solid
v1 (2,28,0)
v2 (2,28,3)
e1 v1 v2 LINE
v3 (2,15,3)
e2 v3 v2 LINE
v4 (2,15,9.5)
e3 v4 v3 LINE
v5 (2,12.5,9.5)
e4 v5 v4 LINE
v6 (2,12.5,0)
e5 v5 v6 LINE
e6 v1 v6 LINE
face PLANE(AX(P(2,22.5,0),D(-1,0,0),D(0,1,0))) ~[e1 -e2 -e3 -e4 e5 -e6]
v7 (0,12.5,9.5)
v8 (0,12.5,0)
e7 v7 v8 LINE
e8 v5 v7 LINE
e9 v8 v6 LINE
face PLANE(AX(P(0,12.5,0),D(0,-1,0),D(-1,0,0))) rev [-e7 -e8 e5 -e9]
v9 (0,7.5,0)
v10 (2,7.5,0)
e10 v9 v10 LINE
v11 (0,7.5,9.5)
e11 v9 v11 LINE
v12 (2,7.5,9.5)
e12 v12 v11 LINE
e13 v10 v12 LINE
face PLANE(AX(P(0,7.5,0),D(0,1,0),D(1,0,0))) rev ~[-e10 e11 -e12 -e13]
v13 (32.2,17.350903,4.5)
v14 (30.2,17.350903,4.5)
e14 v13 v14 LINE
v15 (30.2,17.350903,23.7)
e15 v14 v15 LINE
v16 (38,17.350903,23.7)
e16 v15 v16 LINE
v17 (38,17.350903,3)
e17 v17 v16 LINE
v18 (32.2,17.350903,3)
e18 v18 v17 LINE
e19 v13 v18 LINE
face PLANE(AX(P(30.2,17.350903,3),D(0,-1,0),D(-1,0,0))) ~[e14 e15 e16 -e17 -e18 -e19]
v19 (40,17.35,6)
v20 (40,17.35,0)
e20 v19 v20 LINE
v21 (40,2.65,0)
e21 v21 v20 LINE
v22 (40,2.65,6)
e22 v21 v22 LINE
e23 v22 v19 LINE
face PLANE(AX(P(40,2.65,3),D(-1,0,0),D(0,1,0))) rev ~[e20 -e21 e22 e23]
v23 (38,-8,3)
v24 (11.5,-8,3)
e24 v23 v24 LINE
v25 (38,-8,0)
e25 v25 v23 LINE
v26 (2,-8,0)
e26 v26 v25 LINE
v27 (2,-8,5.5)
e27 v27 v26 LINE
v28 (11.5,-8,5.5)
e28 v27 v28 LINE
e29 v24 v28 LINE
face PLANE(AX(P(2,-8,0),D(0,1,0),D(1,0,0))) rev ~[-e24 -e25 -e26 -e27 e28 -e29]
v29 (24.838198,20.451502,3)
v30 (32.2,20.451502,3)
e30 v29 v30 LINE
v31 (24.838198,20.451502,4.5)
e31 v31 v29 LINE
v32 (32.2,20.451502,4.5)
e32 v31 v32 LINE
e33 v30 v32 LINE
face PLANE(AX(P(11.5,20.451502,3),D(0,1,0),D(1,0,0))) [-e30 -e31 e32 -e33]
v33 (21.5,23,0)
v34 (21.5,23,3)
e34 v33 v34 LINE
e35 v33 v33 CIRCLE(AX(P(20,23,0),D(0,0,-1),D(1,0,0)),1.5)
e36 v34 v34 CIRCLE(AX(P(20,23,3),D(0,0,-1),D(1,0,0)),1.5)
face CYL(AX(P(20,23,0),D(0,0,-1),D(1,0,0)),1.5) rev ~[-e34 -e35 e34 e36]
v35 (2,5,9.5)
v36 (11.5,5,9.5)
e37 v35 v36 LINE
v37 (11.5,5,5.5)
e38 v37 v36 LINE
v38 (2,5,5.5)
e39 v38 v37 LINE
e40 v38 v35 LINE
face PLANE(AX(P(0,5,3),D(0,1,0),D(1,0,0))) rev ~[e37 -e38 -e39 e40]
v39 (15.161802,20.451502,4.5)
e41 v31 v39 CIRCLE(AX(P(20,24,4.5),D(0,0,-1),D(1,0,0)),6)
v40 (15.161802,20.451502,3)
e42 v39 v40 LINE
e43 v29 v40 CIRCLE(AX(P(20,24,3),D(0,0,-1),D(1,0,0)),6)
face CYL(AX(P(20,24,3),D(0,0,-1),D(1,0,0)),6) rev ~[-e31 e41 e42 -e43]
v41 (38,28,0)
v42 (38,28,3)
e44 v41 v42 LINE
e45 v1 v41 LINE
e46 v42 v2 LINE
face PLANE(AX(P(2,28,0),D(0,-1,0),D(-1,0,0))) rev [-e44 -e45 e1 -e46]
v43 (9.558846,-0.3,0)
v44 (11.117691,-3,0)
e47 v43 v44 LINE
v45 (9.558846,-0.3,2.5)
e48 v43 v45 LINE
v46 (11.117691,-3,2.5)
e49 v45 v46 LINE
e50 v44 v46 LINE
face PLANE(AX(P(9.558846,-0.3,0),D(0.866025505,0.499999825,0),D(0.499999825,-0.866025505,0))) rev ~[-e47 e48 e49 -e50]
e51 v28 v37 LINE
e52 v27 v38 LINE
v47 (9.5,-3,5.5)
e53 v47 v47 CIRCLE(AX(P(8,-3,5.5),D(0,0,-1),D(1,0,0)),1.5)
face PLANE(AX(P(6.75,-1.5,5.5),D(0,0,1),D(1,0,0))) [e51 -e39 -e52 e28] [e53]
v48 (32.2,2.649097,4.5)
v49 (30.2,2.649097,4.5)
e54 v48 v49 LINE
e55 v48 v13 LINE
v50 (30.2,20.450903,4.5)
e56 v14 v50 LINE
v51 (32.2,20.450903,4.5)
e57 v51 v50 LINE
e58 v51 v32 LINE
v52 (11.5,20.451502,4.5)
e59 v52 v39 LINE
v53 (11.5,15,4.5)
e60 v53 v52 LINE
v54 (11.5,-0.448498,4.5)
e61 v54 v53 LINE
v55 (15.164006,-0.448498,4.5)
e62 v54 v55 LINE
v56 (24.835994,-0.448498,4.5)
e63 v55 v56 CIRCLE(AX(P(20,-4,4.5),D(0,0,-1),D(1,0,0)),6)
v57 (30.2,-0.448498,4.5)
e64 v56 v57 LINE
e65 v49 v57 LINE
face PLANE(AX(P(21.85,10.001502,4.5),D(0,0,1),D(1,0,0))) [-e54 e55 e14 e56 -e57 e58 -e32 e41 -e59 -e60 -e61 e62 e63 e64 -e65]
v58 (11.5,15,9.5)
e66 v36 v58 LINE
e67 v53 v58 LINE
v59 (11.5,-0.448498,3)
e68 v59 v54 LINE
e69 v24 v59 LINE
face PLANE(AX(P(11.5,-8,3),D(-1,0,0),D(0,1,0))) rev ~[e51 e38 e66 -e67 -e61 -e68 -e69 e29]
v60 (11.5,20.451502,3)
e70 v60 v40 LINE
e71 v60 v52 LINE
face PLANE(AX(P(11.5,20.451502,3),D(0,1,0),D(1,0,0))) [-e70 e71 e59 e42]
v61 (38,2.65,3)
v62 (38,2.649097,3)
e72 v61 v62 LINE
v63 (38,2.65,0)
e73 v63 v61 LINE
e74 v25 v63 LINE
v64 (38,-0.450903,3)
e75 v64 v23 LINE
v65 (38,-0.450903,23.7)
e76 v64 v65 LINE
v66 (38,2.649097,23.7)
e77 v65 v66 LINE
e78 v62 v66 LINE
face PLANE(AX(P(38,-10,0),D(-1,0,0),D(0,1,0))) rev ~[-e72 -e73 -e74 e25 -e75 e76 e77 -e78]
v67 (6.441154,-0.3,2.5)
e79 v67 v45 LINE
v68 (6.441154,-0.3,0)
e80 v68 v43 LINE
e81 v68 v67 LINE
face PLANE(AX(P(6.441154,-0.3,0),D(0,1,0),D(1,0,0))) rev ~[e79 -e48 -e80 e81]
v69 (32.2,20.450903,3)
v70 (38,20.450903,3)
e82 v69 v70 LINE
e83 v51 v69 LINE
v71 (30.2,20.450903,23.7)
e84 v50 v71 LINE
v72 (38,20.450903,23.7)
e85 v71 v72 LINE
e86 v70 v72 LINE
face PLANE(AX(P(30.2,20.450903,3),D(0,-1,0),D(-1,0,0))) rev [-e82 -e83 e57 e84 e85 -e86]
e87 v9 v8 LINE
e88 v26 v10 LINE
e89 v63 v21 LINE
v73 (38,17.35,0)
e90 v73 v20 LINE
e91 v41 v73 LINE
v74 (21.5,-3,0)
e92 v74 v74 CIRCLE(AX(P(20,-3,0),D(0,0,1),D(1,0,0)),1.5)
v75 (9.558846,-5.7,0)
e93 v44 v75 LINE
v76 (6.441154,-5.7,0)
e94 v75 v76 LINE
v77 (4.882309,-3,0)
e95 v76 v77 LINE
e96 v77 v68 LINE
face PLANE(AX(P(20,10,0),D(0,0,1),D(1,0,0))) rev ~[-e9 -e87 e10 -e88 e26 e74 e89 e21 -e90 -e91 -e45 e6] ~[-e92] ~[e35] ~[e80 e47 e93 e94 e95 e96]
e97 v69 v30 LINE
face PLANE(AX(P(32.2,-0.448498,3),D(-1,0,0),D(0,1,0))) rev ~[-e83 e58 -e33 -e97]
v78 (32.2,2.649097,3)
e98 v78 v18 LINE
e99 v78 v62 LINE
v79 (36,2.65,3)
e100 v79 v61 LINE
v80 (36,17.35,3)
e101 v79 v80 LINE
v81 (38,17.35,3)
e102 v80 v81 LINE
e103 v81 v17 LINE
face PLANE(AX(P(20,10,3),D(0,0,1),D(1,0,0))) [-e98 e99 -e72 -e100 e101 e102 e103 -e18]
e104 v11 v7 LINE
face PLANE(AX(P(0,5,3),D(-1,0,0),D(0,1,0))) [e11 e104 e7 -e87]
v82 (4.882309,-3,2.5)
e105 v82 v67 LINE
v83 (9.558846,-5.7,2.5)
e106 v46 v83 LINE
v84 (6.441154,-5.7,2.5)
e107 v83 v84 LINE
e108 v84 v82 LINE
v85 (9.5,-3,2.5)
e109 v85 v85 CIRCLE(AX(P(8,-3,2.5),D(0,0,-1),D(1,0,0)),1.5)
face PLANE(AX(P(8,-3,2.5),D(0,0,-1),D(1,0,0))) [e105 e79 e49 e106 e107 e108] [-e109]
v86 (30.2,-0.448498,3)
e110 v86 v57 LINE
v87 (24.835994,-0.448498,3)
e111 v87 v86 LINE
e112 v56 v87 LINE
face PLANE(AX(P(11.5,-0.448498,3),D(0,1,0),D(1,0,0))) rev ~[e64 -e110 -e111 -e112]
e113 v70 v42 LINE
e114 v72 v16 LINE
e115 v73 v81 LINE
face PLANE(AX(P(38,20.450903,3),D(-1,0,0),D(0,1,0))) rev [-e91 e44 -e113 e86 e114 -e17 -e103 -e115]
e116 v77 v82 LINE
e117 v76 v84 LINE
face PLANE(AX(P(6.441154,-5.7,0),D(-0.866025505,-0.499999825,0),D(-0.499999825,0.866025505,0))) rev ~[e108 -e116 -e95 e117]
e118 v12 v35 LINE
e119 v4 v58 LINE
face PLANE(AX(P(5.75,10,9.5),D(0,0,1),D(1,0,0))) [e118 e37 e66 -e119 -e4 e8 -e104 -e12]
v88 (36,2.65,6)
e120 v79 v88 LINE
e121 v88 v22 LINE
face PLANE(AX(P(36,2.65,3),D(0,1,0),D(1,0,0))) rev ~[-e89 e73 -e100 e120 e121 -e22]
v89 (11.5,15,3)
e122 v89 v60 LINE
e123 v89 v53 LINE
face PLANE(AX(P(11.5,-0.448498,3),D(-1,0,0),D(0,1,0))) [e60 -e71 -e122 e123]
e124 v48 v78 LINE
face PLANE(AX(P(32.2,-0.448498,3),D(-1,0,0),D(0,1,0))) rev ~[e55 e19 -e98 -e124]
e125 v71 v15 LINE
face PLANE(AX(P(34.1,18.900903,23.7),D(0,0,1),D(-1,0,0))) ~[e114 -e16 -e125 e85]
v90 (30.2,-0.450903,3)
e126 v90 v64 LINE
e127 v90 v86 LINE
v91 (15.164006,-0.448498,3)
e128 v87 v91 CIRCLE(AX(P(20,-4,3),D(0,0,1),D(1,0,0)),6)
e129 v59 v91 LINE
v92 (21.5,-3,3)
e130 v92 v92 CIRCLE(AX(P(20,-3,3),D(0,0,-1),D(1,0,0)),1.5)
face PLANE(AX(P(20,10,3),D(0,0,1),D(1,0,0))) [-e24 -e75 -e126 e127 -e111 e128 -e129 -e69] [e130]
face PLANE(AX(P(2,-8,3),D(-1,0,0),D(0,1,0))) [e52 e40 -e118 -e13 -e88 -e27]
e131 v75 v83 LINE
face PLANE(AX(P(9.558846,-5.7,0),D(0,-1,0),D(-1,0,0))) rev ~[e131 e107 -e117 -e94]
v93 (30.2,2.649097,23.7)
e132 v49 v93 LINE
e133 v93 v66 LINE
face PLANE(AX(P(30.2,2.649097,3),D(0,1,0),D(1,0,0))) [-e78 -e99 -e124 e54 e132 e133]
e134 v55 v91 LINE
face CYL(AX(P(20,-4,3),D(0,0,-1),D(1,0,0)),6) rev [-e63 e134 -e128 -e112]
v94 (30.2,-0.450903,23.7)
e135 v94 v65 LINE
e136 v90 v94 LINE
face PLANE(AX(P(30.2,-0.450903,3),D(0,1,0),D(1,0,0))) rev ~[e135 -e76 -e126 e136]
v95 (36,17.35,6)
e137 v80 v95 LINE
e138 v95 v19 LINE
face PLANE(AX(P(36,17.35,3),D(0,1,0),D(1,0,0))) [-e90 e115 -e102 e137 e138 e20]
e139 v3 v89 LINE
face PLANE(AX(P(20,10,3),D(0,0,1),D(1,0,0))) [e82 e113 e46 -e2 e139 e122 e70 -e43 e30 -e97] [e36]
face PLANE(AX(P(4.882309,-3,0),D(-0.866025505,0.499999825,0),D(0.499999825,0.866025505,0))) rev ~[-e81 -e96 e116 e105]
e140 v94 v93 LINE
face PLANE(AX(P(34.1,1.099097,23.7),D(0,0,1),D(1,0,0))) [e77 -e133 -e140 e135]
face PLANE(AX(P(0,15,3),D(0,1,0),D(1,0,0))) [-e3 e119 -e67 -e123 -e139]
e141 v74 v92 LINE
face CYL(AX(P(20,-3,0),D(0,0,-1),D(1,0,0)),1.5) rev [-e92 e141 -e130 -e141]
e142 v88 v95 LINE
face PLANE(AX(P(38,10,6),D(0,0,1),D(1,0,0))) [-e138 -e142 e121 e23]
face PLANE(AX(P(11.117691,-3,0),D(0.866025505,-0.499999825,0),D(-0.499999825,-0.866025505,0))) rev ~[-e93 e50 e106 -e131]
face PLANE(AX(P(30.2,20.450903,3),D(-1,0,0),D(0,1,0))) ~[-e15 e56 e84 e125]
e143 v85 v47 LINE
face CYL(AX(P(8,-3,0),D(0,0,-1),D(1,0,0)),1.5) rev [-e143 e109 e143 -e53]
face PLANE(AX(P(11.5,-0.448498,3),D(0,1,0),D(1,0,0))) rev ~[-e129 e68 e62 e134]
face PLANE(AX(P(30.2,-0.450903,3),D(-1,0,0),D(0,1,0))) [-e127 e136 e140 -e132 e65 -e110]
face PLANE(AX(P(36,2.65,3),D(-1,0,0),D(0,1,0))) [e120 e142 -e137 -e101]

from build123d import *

# Parameters (mm, degrees)
CYLINDER002_R     = 1.5
CYLINDER002_DEPTH = 10
EXTRUDE_DEPTH     = 2.5
CYLINDER001_R     = 1.5
CYLINDER001_DEPTH = 10
BOX008_W          = 36
BOX008_H          = 2
BOX008_DEPTH      = 10
CYLINDER_R        = 6
CYLINDER_DEPTH    = 10
BOX007_W          = 20.7
BOX007_H          = 20.9
BOX007_DEPTH      = 1.5
BOX006_W          = 2
BOX006_H          = 10
BOX006_DEPTH      = 10
BOX005_W          = 11.5
BOX005_H          = 10
BOX005_DEPTH      = 6.5
BOX009_W          = 9.5
BOX009_H          = 13
BOX009_DEPTH      = 2.5
BOX004_W          = 7.8
BOX004_H          = 3.1
BOX004_DEPTH      = 20.7
BOX003_W          = 4
BOX003_H          = 14.7
BOX003_DEPTH      = 3
BOX002_W          = 2
BOX002_H          = 12.65
BOX002_DEPTH      = 10
BOX001_W          = 2
BOX001_H          = 17.5
BOX001_DEPTH      = 10
BOX_W             = 40
BOX_H             = 40
BOX_DEPTH         = 3


with BuildPart() as cylinder002:
    # Cylinder002 → Cylinder002 (new body)
    with BuildSketch(Plane(origin=(20, -3, 0), x_dir=(1, 0, 0), z_dir=(0, 0, 1))):
        Circle(CYLINDER002_R)
    extrude(amount=CYLINDER002_DEPTH)


with BuildPart() as cylinder002_mirrored:
    # mirror001: instance of Cylinder002
    add(cylinder002.part.mirror(Plane(origin=(0, 10, 0), x_dir=(1, 0, 0), z_dir=(0, 1, 0))))


with BuildPart() as extrude_body:
    # Sketch (on Face3 of Cylinder001) → Extrude (new body)
    with BuildSketch(Plane(origin=(8, -3, 0), x_dir=(1, 0, 0), z_dir=(0, 0, -1))):
        Polygon((3.117691, 0), (1.558846, 2.7), (-1.558846, 2.7), (-3.117691, 0), (-1.558846, -2.7), (1.558846, -2.7), align=None)
    extrude(amount=-EXTRUDE_DEPTH)


with BuildPart() as cylinder001:
    # Cylinder001 → Cylinder001 (new body)
    with BuildSketch(Plane(origin=(8, -3, 0), x_dir=(1, 0, 0), z_dir=(0, 0, 1))):
        Circle(CYLINDER001_R)
    extrude(amount=CYLINDER001_DEPTH)


with BuildPart() as cube008:
    # Box008 → Box008 (new body)
    with BuildSketch(Plane(origin=(2, -10, 0), x_dir=(1, 0, 0), z_dir=(0, 0, 1))):
        with Locations((18, 1)):
            Rectangle(BOX008_W, BOX008_H)
    extrude(amount=BOX008_DEPTH)


with BuildPart() as cube008_mirrored:
    # mirror: instance of Cube008
    add(cube008.part.mirror(Plane(origin=(0, 10, 0), x_dir=(-1, 0, 0), z_dir=(0, -1, 0))))


with BuildPart() as cylinder:
    # Cylinder → Cylinder (new body)
    with BuildSketch(Plane(origin=(20, -4, 3), x_dir=(1, 0, 0), z_dir=(0, 0, 1))):
        Circle(CYLINDER_R)
    extrude(amount=CYLINDER_DEPTH)


with BuildPart() as part_mirroring004:
    # Part__Mirroring004: instance of Cylinder
    add(cylinder.part.mirror(Plane(origin=(0, 0, 0), x_dir=(1, 0, 0), z_dir=(0, 1, 0))))


with BuildPart() as part_mirroring004_1:
    # Part__Mirroring004 placement: moved
    add(part_mirroring004.part.moved(Location((0, 20, 0))))


with BuildPart() as cube007:
    # Box007 → Box007 (new body)
    with BuildSketch(Plane(origin=(11.5, -0.448498, 3), x_dir=(1, 0, 0), z_dir=(0, 0, 1))):
        with Locations((10.35, 10.45)):
            Rectangle(BOX007_W, BOX007_H)
    extrude(amount=BOX007_DEPTH)


with BuildPart() as cube006:
    # Box006 → Box006 (new body)
    with BuildSketch(Plane(origin=(0, -2.5, 0), x_dir=(1, 0, 0), z_dir=(0, 0, 1))):
        with Locations((1, 5)):
            Rectangle(BOX006_W, BOX006_H)
    extrude(amount=BOX006_DEPTH)


with BuildPart() as part_mirroring003:
    # Part__Mirroring003: instance of Cube006
    add(cube006.part.mirror(Plane(origin=(0, 0, 0), x_dir=(1, 0, 0), z_dir=(0, 1, 0))))


with BuildPart() as part_mirroring003_1:
    # Part__Mirroring003 placement: moved
    add(part_mirroring003.part.moved(Location((0, 20, 0))))


with BuildPart() as cut005:
    # Box005 → Box005 (new body)
    with BuildSketch(Plane(origin=(0, 5, 3), x_dir=(1, 0, 0), z_dir=(0, 0, 1))):
        with Locations((5.75, 5)):
            Rectangle(BOX005_W, BOX005_H)
    extrude(amount=BOX005_DEPTH)

    # Cut004: cut Cube006
    add(cube006.part, mode=Mode.SUBTRACT)

    # Cut005: cut Part__Mirroring003
    add(part_mirroring003_1.part, mode=Mode.SUBTRACT)


with BuildPart() as cube009:
    # Box009 → Box009 (new body)
    with BuildSketch(Plane(origin=(2, -8, 3), x_dir=(1, 0, 0), z_dir=(0, 0, 1))):
        with Locations((4.75, 6.5)):
            Rectangle(BOX009_W, BOX009_H)
    extrude(amount=BOX009_DEPTH)


with BuildPart() as cube004:
    # Box004 → Box004 (new body)
    with BuildSketch(Plane(origin=(30.2, -0.450903, 3), x_dir=(1, 0, 0), z_dir=(0, 0, 1))):
        with Locations((3.9, 1.55)):
            Rectangle(BOX004_W, BOX004_H)
    extrude(amount=BOX004_DEPTH)


with BuildPart() as part_mirroring002:
    # Part__Mirroring002: instance of Cube004
    add(cube004.part.mirror(Plane(origin=(0, 0, 0), x_dir=(1, 0, 0), z_dir=(0, 1, 0))))


with BuildPart() as part_mirroring002_1:
    # Part__Mirroring002 placement: moved
    add(part_mirroring002.part.moved(Location((0, 20, 0))))


with BuildPart() as cube003:
    # Box003 → Box003 (new body)
    with BuildSketch(Plane(origin=(36, 2.65, 3), x_dir=(1, 0, 0), z_dir=(0, 0, 1))):
        with Locations((2, 7.35)):
            Rectangle(BOX003_W, BOX003_H)
    extrude(amount=BOX003_DEPTH)


with BuildPart() as cube002:
    # Box002 → Box002 (new body)
    with BuildSketch(Plane(origin=(38, -10, 0), x_dir=(1, 0, 0), z_dir=(0, 0, 1))):
        with Locations((1, 6.325)):
            Rectangle(BOX002_W, BOX002_H)
    extrude(amount=BOX002_DEPTH)


with BuildPart() as part_mirroring001:
    # Part__Mirroring001: instance of Cube002
    add(cube002.part.mirror(Plane(origin=(0, 0, 0), x_dir=(1, 0, 0), z_dir=(0, 1, 0))))


with BuildPart() as part_mirroring001_1:
    # Part__Mirroring001 placement: moved
    add(part_mirroring001.part.moved(Location((0, 20, 0))))


with BuildPart() as cube001:
    # Box001 → Box001 (new body)
    with BuildSketch(Plane(origin=(0, -10, 0), x_dir=(1, 0, 0), z_dir=(0, 0, 1))):
        with Locations((1, 8.75)):
            Rectangle(BOX001_W, BOX001_H)
    extrude(amount=BOX001_DEPTH)


with BuildPart() as part_mirroring:
    # Part__Mirroring: instance of Cube001
    add(cube001.part.mirror(Plane(origin=(0, 0, 0), x_dir=(1, 0, 0), z_dir=(0, 1, 0))))


with BuildPart() as part_mirroring_1:
    # Part__Mirroring placement: moved
    add(part_mirroring.part.moved(Location((0, 20, 0))))


with BuildPart() as cut011003001:
    # Box → Box (new body)
    with BuildSketch(Plane(origin=(0, -10, 0), x_dir=(1, 0, 0), z_dir=(0, 0, 1))):
        with Locations((20, 20)):
            Rectangle(BOX_W, BOX_H)
    extrude(amount=BOX_DEPTH)

    # Cut: cut Part__Mirroring
    add(part_mirroring_1.part, mode=Mode.SUBTRACT)

    # Cut001: cut Cube001
    add(cube001.part, mode=Mode.SUBTRACT)

    # Cut002: cut Part__Mirroring001
    add(part_mirroring001_1.part, mode=Mode.SUBTRACT)

    # Cut003: cut Cube002
    add(cube002.part, mode=Mode.SUBTRACT)

    # Fusion: union Cube007, Cut005, Cube009, Part__Mirroring002, Cube003, Cube004
    add(cube007.part)
    add(cut005.part)
    add(cube009.part)
    add(part_mirroring002_1.part)
    add(cube003.part)
    add(cube004.part)

    # Cut006: cut Part__Mirroring004
    add(part_mirroring004_1.part, mode=Mode.SUBTRACT)

    # Cut007: cut Cylinder
    add(cylinder.part, mode=Mode.SUBTRACT)

    # Cut008: cut Cube008
    add(cube008.part, mode=Mode.SUBTRACT)

    # Cut009: cut Cube008 (mirrored)
    add(cube008_mirrored.part, mode=Mode.SUBTRACT)

    # Cut010: cut Cylinder001
    add(cylinder001.part, mode=Mode.SUBTRACT)

    # Cut011: cut Extrude body
    add(extrude_body.part, mode=Mode.SUBTRACT)

    # Cut011002: cut Cylinder002
    add(cylinder002.part, mode=Mode.SUBTRACT)

    # Cut011003: cut Cylinder002 (mirrored)
    add(cylinder002_mirrored.part, mode=Mode.SUBTRACT)


solid = cut011003001.part
